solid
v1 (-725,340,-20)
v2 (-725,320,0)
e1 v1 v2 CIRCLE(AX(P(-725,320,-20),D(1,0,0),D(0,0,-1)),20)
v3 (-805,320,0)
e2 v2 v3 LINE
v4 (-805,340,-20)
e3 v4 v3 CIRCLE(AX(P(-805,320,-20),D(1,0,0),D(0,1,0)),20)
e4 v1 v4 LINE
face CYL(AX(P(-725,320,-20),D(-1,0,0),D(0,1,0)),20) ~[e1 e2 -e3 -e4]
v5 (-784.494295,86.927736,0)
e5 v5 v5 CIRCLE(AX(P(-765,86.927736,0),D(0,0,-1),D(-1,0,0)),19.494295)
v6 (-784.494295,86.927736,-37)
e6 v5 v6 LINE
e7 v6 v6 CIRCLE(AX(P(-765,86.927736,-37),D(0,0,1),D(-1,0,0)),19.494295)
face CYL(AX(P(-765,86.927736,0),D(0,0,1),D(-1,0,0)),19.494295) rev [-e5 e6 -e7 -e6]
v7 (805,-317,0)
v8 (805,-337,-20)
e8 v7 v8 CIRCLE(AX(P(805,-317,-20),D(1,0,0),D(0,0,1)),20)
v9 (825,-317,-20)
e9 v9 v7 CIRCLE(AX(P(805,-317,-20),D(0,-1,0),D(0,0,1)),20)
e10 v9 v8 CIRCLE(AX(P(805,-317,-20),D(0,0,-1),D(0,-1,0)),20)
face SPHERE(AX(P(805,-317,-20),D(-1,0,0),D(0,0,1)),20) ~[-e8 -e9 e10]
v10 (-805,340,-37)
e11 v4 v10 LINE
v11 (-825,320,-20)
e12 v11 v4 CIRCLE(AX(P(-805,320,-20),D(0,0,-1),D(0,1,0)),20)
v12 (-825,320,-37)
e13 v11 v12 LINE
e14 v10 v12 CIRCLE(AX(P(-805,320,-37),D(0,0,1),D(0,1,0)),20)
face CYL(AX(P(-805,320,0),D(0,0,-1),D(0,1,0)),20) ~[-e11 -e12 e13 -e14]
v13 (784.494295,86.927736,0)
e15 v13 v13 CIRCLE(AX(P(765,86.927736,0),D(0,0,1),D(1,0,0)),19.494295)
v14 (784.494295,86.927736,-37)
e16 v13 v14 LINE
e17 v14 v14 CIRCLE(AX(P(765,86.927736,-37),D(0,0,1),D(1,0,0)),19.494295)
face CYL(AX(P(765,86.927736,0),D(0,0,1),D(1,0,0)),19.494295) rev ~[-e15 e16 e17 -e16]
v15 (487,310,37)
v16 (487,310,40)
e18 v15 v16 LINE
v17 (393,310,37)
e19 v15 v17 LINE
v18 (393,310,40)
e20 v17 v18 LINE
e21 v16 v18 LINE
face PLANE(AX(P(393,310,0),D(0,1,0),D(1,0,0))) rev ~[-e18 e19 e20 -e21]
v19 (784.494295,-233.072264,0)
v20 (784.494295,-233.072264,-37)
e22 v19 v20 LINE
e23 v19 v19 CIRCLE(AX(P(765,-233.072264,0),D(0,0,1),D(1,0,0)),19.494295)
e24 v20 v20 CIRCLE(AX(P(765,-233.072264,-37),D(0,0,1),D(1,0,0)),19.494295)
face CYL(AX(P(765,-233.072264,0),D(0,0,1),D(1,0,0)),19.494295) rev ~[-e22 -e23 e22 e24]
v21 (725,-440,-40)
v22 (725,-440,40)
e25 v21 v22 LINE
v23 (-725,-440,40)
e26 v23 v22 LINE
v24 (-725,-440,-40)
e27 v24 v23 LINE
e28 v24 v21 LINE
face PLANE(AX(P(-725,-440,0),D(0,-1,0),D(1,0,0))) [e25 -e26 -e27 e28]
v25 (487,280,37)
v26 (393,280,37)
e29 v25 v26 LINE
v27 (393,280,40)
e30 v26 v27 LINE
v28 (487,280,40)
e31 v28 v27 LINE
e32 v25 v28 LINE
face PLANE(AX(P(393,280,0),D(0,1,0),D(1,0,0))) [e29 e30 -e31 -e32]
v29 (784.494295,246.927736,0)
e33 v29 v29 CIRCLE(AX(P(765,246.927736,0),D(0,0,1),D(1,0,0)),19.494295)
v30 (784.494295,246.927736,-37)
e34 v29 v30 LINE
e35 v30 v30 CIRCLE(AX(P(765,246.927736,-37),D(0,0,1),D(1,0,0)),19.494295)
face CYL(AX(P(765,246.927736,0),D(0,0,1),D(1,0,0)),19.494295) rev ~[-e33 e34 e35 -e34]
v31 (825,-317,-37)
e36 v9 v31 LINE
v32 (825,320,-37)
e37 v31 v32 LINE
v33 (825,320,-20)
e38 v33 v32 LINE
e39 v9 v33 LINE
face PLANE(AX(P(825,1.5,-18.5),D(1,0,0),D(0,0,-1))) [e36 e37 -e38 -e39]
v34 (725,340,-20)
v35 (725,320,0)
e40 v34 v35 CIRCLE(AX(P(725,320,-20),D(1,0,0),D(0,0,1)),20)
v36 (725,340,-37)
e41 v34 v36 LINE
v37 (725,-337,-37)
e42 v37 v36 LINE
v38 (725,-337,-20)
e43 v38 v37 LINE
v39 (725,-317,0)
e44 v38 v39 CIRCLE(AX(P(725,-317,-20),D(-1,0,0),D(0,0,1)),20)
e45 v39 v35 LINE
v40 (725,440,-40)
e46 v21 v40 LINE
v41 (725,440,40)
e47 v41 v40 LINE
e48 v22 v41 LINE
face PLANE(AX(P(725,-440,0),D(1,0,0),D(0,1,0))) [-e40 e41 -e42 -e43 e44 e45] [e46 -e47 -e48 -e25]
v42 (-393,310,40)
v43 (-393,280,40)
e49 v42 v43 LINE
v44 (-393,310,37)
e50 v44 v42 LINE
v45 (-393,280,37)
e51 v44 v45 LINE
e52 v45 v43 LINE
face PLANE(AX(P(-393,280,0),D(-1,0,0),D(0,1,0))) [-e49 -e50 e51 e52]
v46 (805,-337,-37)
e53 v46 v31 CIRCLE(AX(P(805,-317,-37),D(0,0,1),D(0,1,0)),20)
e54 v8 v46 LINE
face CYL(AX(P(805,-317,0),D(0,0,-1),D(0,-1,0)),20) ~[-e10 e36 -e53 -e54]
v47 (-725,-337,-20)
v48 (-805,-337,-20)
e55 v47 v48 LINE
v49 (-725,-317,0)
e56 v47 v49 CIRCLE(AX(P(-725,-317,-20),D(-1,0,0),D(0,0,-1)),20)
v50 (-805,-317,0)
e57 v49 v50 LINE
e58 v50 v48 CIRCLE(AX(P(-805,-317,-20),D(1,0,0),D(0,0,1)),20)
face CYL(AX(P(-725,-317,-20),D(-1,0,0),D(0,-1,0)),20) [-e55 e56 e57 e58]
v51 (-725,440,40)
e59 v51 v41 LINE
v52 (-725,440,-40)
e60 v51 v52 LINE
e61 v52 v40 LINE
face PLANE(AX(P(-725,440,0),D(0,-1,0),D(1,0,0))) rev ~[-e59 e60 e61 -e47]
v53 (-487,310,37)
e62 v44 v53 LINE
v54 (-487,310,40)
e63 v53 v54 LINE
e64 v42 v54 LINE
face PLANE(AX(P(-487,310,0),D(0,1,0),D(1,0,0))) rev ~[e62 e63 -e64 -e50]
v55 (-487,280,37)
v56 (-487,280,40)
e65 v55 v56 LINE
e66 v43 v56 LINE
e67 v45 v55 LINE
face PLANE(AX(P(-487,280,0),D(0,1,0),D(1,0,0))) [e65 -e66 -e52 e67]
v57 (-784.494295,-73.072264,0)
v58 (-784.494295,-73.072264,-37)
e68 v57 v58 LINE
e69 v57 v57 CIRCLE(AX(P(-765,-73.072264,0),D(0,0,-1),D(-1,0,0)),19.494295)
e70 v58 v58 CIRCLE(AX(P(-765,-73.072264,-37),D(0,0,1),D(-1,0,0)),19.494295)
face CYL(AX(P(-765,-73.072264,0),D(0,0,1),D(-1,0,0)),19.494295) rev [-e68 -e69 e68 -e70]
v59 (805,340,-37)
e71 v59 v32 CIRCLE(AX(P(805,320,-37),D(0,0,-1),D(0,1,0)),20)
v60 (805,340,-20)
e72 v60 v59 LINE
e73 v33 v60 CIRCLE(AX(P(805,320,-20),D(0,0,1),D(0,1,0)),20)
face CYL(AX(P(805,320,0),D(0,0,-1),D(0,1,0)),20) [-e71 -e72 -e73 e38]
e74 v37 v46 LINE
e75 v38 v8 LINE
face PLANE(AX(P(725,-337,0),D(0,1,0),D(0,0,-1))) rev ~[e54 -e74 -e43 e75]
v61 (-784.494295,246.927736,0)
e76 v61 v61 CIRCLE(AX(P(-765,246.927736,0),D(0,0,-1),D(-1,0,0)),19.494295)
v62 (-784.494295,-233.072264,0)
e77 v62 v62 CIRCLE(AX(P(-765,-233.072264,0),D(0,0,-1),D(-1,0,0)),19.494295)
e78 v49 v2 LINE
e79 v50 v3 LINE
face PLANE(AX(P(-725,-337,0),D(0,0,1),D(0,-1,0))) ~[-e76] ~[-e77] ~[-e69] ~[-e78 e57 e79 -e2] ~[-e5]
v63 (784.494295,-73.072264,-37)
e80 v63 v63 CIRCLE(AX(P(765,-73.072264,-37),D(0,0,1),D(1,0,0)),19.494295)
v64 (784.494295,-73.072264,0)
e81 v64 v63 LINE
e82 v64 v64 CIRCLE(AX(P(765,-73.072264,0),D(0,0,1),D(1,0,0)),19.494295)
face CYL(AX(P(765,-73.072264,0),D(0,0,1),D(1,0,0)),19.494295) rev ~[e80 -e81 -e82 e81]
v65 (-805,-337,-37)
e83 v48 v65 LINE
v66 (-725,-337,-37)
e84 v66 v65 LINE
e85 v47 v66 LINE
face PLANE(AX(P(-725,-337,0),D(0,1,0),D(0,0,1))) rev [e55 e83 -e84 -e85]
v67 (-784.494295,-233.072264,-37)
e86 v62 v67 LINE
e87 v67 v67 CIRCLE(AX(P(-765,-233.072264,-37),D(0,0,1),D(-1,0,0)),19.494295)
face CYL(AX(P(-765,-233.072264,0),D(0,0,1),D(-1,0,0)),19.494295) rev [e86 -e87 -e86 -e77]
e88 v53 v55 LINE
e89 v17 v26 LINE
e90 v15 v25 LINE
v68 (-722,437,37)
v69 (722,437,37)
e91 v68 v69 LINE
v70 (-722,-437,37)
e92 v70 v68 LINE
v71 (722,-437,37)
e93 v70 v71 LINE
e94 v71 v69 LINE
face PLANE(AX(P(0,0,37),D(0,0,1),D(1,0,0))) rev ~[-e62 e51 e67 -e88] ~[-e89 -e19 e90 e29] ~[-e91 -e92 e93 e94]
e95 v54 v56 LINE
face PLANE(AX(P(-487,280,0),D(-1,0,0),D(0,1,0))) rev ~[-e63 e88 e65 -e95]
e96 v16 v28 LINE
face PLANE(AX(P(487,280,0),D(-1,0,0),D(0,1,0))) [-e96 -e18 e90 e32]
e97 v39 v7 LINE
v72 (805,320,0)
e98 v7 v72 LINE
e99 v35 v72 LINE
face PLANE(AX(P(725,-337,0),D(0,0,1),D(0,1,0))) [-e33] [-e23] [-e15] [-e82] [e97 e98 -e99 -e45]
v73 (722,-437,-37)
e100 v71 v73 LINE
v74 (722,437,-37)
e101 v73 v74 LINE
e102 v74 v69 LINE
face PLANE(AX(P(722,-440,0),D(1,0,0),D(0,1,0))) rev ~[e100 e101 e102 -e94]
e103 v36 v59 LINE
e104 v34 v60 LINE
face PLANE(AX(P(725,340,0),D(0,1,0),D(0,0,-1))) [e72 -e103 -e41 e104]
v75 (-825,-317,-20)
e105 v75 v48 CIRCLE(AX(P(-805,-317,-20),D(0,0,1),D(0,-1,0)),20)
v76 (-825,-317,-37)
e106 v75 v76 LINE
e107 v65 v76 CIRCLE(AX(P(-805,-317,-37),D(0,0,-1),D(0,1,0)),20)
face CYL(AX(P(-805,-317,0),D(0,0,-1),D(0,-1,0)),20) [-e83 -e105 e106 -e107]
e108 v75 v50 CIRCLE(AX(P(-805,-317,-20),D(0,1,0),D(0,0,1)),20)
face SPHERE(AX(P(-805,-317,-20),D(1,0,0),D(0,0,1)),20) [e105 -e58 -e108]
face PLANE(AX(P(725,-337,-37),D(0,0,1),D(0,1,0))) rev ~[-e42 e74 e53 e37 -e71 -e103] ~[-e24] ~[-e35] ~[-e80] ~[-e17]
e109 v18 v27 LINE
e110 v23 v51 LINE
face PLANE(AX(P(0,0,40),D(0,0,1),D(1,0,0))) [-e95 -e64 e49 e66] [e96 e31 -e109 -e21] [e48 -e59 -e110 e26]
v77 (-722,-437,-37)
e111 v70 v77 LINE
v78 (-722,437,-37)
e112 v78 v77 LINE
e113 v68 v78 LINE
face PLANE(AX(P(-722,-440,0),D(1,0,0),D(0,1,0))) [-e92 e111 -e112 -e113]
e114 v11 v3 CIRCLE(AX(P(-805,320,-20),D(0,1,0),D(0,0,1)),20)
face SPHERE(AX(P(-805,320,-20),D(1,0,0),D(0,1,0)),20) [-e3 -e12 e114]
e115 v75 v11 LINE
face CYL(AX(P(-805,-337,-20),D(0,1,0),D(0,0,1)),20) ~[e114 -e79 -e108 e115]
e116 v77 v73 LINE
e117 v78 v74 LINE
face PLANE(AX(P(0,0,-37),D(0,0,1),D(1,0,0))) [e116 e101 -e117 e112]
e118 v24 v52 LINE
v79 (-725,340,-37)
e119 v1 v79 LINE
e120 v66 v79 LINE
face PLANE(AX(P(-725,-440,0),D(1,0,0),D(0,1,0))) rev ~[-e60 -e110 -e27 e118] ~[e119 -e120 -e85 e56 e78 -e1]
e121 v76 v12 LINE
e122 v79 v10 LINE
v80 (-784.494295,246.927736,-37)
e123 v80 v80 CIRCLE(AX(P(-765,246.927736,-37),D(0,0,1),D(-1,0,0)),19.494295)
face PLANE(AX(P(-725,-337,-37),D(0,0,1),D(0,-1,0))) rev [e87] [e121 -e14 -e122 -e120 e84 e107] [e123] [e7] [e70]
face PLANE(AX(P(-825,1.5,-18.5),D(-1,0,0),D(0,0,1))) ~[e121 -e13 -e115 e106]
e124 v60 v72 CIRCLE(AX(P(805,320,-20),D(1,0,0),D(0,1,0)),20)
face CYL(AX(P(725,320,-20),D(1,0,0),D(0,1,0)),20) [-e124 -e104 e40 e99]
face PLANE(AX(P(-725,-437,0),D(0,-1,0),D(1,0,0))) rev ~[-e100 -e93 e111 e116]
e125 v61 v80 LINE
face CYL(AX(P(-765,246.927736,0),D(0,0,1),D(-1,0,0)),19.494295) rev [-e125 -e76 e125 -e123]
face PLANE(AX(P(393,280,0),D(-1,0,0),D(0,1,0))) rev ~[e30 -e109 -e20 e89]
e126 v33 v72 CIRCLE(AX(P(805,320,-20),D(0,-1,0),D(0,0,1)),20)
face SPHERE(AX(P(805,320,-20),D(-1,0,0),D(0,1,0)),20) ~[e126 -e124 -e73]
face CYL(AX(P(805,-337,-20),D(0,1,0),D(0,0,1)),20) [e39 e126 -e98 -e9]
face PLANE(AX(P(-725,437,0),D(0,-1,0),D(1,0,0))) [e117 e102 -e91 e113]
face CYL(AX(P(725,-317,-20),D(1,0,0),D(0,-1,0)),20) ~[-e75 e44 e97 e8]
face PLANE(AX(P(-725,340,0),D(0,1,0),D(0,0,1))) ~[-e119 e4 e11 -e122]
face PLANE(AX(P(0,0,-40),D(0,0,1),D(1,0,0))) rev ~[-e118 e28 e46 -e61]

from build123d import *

# Parameters (mm, degrees)
SKETCH1_W            = 1450
SKETCH1_H            = 880
BOSS_EXTRUDE1_DEPTH  = 40
SHELL1_T             = 3
SKETCH2_W            = 94
SKETCH2_H            = 30
CUT_EXTRUDE1_DEPTH   = 118
SKETCH3_W            = 37
SKETCH3_H            = 677
BOSS_EXTRUDE2_DEPTH  = 100
FILLET1_R            = 20
SKETCH4_R            = 19.494294984
CUT_EXTRUDE2_DEPTH   = 100
FILLET1_OF_MIRROR1_R = 20


with BuildPart() as part:
    # Sketch1 → Boss-Extrude1 (new, symmetric)
    with BuildSketch(Plane.XY):
        Rectangle(SKETCH1_W, SKETCH1_H)
    extrude(amount=BOSS_EXTRUDE1_DEPTH, both=True)

    # Shell1 (no face opened: a closed hollow body)
    add(offset(amount=-SHELL1_T, mode=Mode.PRIVATE), mode=Mode.SUBTRACT)

    # Sketch2 → Cut-Extrude1 (cut)
    with BuildSketch(Plane.XY):
        with Locations((-440, 295)):
            Rectangle(SKETCH2_W, SKETCH2_H)
        with Locations((440, 295)):
            Rectangle(SKETCH2_W, SKETCH2_H)
    extrude(amount=CUT_EXTRUDE1_DEPTH, mode=Mode.SUBTRACT)

    # Sketch3 → Boss-Extrude2 (add)
    with BuildSketch(Plane(origin=(725, 0, 0), x_dir=(0, 0, -1), z_dir=(1, 0, 0))):
        with Locations((18.5, 1.5)):
            Rectangle(SKETCH3_W, SKETCH3_H)
    boss_extrude2 = extrude(amount=BOSS_EXTRUDE2_DEPTH)

    # Fillet1
    fillet1_edges = [part.edges().sort_by_distance(p)[0] for p in [
        (775, 340, 0),
        (775, -337, 0),
        (825, 340, -18.5),
        (825, 1.5, 0),
        (825, -337, -18.5),
    ]]
    fillet(fillet1_edges, radius=FILLET1_R)

    # Sketch4 → Cut-Extrude2 (cut)
    with BuildSketch(Plane.XY):
        with Locations((765, 246.927736461)):
            Circle(SKETCH4_R)
        with Locations((765, 86.927736461)):
            Circle(SKETCH4_R)
        with Locations((765, -73.072263539)):
            Circle(SKETCH4_R)
        with Locations((765, -233.072263539)):
            Circle(SKETCH4_R)
    cut_extrude2 = extrude(amount=-CUT_EXTRUDE2_DEPTH, mode=Mode.SUBTRACT)

    # Mirror1: Boss-Extrude2, Cut-Extrude2 across plane
    add(boss_extrude2.mirror(Plane(origin=(0, 0, 0), x_dir=(0, 0, 1), z_dir=(1, 0, 0))))
    add(cut_extrude2.mirror(Plane(origin=(0, 0, 0), x_dir=(0, 0, 1), z_dir=(1, 0, 0))), mode=Mode.SUBTRACT)

    # Fillet1 of Mirror1
    fillet1_of_mirror1_edges = [part.edges().sort_by_distance(p)[0] for p in [
        (-775, 340, 0),
        (-775, -337, 0),
        (-825, 340, -18.5),
        (-825, 1.5, 0),
        (-825, -337, -18.5),
    ]]
    fillet(fillet1_of_mirror1_edges, radius=FILLET1_OF_MIRROR1_R)


solid = part.part
